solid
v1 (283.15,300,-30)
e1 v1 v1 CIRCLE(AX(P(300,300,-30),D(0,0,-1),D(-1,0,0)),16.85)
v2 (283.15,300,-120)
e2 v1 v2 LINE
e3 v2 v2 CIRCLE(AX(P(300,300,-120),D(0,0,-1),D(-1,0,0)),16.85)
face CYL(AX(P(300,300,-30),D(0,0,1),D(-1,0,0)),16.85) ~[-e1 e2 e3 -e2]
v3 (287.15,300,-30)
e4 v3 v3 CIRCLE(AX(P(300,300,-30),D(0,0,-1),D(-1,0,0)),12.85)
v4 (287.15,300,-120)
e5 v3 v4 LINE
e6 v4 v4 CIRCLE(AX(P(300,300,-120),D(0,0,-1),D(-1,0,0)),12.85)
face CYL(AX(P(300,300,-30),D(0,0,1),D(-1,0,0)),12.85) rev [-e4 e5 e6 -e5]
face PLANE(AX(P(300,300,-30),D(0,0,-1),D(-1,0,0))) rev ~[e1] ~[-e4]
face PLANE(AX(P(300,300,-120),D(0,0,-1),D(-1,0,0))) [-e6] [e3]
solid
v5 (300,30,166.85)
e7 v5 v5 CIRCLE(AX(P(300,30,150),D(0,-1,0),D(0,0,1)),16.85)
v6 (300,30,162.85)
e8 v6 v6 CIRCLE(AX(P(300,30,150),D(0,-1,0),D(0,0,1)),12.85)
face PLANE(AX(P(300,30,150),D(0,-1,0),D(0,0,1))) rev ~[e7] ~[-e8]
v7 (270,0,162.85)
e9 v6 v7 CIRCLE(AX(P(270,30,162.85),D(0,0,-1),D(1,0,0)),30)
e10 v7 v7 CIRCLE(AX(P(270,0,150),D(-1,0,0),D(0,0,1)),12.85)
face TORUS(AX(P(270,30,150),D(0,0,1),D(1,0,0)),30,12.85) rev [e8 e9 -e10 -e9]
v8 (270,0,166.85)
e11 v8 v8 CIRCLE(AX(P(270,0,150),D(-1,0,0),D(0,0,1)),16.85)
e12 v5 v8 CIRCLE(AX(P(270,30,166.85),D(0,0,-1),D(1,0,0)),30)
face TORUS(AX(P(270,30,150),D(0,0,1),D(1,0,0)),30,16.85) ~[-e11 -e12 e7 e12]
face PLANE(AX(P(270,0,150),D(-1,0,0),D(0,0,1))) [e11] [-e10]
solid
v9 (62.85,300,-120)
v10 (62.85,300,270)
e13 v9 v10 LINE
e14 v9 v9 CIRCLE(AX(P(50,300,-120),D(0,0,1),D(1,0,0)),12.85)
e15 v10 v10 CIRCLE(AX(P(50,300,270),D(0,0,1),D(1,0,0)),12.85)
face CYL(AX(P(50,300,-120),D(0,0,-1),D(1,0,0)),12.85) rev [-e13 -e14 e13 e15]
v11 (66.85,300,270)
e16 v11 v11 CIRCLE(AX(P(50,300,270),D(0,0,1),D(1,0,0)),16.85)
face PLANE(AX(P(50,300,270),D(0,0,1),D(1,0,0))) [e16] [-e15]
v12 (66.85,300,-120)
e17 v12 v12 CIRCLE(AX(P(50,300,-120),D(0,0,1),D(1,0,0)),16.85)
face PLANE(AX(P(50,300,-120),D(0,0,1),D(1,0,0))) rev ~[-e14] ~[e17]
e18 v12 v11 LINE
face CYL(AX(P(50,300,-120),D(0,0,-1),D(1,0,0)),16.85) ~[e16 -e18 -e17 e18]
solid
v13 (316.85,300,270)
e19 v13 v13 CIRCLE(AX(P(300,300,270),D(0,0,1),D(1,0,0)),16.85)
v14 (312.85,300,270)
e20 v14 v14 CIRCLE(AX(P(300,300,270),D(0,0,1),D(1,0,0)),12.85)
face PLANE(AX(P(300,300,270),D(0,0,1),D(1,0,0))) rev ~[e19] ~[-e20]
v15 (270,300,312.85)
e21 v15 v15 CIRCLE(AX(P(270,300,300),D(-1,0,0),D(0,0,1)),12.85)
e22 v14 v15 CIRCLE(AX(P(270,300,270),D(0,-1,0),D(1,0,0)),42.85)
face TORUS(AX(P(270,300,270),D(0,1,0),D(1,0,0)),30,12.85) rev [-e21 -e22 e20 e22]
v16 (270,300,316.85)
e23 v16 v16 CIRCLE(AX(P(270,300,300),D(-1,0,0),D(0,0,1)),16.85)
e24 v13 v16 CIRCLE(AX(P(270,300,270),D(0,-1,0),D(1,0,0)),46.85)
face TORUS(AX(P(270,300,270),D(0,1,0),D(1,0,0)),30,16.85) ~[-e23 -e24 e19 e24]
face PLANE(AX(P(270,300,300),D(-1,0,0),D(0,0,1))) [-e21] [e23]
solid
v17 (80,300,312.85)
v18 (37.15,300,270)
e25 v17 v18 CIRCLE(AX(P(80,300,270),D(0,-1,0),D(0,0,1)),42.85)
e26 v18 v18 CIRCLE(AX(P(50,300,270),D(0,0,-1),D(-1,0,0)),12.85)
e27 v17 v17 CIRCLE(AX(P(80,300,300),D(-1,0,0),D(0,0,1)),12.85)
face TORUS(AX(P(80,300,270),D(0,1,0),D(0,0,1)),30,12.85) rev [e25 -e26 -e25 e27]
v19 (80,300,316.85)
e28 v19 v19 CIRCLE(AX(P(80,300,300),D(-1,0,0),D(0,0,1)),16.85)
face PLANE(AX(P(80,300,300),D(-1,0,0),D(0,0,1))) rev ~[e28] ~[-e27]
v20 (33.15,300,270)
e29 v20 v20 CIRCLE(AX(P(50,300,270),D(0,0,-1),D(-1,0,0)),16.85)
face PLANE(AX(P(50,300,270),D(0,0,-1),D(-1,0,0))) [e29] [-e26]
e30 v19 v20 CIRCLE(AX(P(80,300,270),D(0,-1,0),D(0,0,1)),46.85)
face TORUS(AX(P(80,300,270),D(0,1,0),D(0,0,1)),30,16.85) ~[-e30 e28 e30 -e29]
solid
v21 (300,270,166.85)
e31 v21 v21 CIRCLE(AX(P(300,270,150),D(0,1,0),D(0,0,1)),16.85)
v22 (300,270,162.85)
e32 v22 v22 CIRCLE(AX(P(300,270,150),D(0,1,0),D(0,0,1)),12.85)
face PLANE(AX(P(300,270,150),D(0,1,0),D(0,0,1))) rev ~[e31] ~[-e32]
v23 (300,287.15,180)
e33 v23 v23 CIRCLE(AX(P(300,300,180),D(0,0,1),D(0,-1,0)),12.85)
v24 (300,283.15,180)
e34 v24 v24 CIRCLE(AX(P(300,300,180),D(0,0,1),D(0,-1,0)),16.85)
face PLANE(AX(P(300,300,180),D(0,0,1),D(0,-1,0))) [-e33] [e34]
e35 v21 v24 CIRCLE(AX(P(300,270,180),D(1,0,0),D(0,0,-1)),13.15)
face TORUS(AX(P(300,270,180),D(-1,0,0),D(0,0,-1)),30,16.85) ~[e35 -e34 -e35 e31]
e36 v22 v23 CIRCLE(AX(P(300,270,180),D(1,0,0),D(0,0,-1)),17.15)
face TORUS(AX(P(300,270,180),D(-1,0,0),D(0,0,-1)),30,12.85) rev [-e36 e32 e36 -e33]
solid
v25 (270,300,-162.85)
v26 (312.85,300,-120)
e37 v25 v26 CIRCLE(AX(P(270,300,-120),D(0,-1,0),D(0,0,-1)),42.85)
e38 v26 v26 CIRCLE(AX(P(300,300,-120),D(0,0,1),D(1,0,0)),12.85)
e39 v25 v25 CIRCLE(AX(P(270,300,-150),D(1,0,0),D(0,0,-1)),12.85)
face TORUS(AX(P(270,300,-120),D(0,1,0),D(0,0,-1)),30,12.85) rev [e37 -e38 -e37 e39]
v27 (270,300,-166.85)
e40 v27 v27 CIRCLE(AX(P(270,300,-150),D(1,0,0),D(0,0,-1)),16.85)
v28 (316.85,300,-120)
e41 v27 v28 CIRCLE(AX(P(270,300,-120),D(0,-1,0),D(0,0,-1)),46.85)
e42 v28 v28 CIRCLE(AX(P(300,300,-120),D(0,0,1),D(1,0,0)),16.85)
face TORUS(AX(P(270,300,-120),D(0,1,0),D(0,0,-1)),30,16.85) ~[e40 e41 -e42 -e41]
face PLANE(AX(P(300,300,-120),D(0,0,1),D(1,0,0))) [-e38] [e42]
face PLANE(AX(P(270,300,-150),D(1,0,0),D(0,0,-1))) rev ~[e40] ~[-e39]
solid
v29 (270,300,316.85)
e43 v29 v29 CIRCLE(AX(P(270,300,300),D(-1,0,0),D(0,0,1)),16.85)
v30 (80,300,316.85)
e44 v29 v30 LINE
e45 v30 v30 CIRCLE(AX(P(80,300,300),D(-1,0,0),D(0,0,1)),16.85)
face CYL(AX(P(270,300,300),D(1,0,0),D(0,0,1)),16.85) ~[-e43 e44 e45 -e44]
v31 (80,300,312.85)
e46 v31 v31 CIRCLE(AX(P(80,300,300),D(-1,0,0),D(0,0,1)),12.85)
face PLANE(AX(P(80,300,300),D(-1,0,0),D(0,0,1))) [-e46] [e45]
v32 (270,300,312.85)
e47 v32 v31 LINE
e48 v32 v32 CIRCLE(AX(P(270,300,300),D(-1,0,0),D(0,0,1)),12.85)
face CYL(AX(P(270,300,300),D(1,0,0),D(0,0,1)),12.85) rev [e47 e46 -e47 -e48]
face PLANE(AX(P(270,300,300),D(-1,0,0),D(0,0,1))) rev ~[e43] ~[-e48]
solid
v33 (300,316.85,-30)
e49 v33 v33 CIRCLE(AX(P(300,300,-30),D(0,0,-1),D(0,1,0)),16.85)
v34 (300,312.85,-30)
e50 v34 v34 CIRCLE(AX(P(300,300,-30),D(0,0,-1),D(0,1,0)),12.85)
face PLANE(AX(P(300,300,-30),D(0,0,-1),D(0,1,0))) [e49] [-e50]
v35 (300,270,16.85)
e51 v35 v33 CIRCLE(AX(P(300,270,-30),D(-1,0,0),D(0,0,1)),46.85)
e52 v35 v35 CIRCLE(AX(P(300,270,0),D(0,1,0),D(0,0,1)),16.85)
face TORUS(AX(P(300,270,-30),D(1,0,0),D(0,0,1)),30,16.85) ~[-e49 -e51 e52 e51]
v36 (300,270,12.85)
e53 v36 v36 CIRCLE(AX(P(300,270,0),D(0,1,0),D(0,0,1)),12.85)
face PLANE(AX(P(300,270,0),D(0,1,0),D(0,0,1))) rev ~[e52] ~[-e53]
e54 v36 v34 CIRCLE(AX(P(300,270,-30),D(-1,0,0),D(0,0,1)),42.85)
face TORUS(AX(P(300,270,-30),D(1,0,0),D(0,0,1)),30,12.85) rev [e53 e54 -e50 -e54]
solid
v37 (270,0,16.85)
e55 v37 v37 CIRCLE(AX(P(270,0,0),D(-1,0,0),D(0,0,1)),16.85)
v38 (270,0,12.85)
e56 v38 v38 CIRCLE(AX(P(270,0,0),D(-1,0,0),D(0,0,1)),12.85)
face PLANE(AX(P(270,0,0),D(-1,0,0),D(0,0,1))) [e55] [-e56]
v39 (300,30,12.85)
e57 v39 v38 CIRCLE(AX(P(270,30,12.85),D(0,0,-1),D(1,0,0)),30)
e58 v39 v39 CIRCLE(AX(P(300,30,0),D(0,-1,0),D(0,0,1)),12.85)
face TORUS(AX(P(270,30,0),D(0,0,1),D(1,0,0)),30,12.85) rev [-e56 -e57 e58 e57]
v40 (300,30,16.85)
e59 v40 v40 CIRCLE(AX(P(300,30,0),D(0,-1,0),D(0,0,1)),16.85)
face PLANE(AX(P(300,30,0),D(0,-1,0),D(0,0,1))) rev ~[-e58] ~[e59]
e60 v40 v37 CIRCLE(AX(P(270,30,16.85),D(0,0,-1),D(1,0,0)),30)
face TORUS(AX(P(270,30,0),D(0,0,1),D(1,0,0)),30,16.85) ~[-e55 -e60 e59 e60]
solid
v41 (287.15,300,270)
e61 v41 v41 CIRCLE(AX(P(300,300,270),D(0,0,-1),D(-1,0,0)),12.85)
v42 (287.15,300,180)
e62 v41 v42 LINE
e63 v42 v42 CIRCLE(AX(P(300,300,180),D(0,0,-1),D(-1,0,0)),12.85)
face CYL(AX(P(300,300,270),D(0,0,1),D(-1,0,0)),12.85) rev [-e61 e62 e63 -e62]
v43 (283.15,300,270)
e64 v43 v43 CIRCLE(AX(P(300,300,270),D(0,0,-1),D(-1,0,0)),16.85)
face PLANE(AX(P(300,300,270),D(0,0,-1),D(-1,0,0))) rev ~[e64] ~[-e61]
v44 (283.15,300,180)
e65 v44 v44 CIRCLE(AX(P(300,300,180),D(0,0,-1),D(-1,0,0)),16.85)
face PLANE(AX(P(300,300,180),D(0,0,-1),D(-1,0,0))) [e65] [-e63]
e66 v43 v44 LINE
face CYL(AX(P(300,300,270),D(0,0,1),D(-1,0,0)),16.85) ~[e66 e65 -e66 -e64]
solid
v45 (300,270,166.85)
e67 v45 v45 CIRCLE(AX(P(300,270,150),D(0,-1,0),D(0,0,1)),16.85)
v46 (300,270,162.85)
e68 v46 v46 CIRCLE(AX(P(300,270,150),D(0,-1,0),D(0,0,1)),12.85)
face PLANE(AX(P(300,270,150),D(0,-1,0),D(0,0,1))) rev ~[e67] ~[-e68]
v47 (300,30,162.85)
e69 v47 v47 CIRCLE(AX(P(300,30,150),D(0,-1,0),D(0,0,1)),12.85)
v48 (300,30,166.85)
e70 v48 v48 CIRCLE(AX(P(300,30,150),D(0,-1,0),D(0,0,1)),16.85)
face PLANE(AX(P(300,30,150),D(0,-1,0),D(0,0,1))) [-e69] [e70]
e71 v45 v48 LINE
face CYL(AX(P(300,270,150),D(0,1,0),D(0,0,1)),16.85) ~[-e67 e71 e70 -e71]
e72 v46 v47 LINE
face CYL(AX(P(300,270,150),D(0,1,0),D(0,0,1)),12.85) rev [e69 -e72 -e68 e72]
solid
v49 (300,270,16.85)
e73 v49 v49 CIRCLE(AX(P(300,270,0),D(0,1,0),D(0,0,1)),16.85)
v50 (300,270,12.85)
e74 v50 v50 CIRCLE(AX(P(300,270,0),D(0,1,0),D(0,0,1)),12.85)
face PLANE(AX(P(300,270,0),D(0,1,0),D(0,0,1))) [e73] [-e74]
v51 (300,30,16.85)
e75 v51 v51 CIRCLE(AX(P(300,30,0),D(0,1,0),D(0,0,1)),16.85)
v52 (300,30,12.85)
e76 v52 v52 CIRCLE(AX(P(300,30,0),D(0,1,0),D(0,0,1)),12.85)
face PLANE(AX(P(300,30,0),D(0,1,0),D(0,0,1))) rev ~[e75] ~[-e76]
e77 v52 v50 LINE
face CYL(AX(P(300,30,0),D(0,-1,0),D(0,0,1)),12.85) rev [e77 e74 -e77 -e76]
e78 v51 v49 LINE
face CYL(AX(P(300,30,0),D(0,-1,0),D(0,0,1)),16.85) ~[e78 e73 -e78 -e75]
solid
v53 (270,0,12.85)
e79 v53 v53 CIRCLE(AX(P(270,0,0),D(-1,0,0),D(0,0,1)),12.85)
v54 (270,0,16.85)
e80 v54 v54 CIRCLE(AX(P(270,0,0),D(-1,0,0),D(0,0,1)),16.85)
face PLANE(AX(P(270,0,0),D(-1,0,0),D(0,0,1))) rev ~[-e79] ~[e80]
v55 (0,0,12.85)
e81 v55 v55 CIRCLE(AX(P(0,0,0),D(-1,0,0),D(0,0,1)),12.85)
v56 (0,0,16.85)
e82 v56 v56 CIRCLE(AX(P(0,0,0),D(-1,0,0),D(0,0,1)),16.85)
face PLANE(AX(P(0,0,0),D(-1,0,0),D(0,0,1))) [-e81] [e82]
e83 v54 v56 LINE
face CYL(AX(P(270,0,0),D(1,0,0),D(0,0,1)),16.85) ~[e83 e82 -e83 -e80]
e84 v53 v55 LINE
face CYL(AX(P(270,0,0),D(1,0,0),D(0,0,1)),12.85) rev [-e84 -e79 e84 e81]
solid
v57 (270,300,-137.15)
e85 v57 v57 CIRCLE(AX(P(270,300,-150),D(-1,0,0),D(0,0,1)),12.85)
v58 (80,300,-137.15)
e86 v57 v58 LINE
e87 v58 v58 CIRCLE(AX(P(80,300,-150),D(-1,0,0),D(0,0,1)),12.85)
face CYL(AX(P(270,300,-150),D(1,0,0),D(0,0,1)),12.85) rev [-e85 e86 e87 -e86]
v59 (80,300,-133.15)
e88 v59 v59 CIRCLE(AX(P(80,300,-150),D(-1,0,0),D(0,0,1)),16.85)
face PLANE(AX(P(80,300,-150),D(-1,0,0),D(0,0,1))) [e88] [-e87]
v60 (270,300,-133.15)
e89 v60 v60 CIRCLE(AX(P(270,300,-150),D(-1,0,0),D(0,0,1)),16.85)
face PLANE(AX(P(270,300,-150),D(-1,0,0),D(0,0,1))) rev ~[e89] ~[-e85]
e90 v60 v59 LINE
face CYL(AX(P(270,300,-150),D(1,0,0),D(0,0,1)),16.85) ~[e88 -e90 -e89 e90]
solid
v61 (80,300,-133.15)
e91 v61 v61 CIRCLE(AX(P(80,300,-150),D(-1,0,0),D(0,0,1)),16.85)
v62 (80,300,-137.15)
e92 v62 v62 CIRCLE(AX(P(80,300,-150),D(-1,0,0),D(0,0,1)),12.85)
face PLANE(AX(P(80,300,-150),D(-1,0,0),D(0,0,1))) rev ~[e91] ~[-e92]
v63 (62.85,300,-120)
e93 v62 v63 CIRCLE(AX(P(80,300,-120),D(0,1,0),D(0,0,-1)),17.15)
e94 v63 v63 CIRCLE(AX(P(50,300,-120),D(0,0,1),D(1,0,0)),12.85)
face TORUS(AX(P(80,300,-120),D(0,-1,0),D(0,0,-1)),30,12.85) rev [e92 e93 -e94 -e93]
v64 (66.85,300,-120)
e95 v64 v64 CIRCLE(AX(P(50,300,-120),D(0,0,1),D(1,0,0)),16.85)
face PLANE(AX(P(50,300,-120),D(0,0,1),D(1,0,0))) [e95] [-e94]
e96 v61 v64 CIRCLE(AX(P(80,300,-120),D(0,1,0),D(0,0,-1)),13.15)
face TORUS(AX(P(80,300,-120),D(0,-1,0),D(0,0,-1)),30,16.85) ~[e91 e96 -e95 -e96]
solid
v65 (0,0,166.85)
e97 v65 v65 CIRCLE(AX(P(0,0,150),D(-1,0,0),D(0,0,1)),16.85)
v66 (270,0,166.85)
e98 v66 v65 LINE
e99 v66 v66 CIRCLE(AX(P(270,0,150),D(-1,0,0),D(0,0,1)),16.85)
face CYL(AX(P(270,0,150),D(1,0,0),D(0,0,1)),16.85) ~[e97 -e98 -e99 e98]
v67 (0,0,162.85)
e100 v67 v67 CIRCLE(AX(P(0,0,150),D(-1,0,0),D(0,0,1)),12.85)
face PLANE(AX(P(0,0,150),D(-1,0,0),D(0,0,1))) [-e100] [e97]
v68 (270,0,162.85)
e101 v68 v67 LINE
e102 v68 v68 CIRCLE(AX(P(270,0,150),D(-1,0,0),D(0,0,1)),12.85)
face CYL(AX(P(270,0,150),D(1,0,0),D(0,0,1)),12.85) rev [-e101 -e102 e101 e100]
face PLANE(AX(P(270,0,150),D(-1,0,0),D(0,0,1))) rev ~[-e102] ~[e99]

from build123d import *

# Parameters (mm, degrees)
SKETCH1_ON_SEGMENT_1_R     = 16.85
SKETCH1_ON_SEGMENT_1_R_2   = 12.85
PIPE_33_7_X_4_0_1_DEPTH    = 270
SKETCH1_ON_SEGMENT_2_R     = 16.85
SKETCH1_ON_SEGMENT_2_R_2   = 12.85
PIPE_33_7_X_4_0_1_2_ANGLE  = 90
SKETCH1_ON_SEGMENT_3_R     = 16.85
SKETCH1_ON_SEGMENT_3_R_2   = 12.85
PIPE_33_7_X_4_0_1_3_DEPTH  = 240
SKETCH1_ON_SEGMENT_4_R     = 16.85
SKETCH1_ON_SEGMENT_4_R_2   = 12.85
PIPE_33_7_X_4_0_1_4_ANGLE  = 90
SKETCH1_ON_SEGMENT_5_R     = 16.85
SKETCH1_ON_SEGMENT_5_R_2   = 12.85
PIPE_33_7_X_4_0_1_5_DEPTH  = 90
SKETCH1_ON_SEGMENT_6_R     = 16.85
SKETCH1_ON_SEGMENT_6_R_2   = 12.85
PIPE_33_7_X_4_0_1_6_ANGLE  = 90
SKETCH1_ON_SEGMENT_7_R     = 16.85
SKETCH1_ON_SEGMENT_7_R_2   = 12.85
PIPE_33_7_X_4_0_1_7_DEPTH  = 190
SKETCH1_ON_SEGMENT_8_R     = 16.85
SKETCH1_ON_SEGMENT_8_R_2   = 12.85
PIPE_33_7_X_4_0_1_8_ANGLE  = 90
SKETCH1_ON_SEGMENT_9_R     = 16.85
SKETCH1_ON_SEGMENT_9_R_2   = 12.85
PIPE_33_7_X_4_0_1_9_DEPTH  = 390
SKETCH1_ON_SEGMENT_10_R    = 16.85
SKETCH1_ON_SEGMENT_10_R_2  = 12.85
PIPE_33_7_X_4_0_1_10_ANGLE = 90
SKETCH1_ON_SEGMENT_11_R    = 16.85
SKETCH1_ON_SEGMENT_11_R_2  = 12.85
PIPE_33_7_X_4_0_1_11_DEPTH = 190
SKETCH1_ON_SEGMENT_12_R    = 16.85
SKETCH1_ON_SEGMENT_12_R_2  = 12.85
PIPE_33_7_X_4_0_1_12_ANGLE = 90
SKETCH1_ON_SEGMENT_13_R    = 16.85
SKETCH1_ON_SEGMENT_13_R_2  = 12.85
PIPE_33_7_X_4_0_1_13_DEPTH = 90
SKETCH1_ON_SEGMENT_14_R    = 16.85
SKETCH1_ON_SEGMENT_14_R_2  = 12.85
PIPE_33_7_X_4_0_1_14_ANGLE = 90
SKETCH1_ON_SEGMENT_15_R    = 16.85
SKETCH1_ON_SEGMENT_15_R_2  = 12.85
PIPE_33_7_X_4_0_1_15_DEPTH = 240
SKETCH1_ON_SEGMENT_16_R    = 16.85
SKETCH1_ON_SEGMENT_16_R_2  = 12.85
PIPE_33_7_X_4_0_1_16_ANGLE = 90
SKETCH1_R                  = 16.85
SKETCH1_R_2                = 12.85
PIPE_33_7_X_4_0_1_17_DEPTH = 270


with BuildPart() as part:
    # Sketch1 on segment 1 (carried to segment 1) → Pipe 33.7 X 4.0(1) (new body)
    with BuildSketch(Plane.ZY.offset(-270)):
        Circle(SKETCH1_ON_SEGMENT_1_R)
        Circle(SKETCH1_ON_SEGMENT_1_R_2, mode=Mode.SUBTRACT)
    extrude(amount=PIPE_33_7_X_4_0_1_DEPTH)


with BuildPart() as body_2:
    # Sketch1 on segment 2 (carried to the start of arc 2) → Pipe 33.7 X 4.0_1 2 (revolve)
    with BuildSketch(Plane(origin=(300, 30, 0), x_dir=(0, 0, 1), z_dir=(0, -1, 0))):
        Circle(SKETCH1_ON_SEGMENT_2_R)
        Circle(SKETCH1_ON_SEGMENT_2_R_2, mode=Mode.SUBTRACT)
    revolve(axis=Axis((270, 30, 0), (0, 0, -1)), revolution_arc=PIPE_33_7_X_4_0_1_2_ANGLE)


with BuildPart() as body_3:
    # Sketch1 on segment 3 (carried to segment 3) → Pipe 33.7 X 4.0_1 3 (new body)
    with BuildSketch(Plane(origin=(300, 30, 0), x_dir=(0, 0, 1), z_dir=(0, 1, 0))):
        Circle(SKETCH1_ON_SEGMENT_3_R)
        Circle(SKETCH1_ON_SEGMENT_3_R_2, mode=Mode.SUBTRACT)
    extrude(amount=PIPE_33_7_X_4_0_1_3_DEPTH)


with BuildPart() as body_4:
    # Sketch1 on segment 4 (carried to the start of arc 4) → Pipe 33.7 X 4.0_1 4 (revolve)
    with BuildSketch(Plane(origin=(300, 270, 0), x_dir=(0, 0, 1), z_dir=(0, 1, 0))):
        Circle(SKETCH1_ON_SEGMENT_4_R)
        Circle(SKETCH1_ON_SEGMENT_4_R_2, mode=Mode.SUBTRACT)
    revolve(axis=Axis((300, 270, -30), (-1, 0, 0)), revolution_arc=PIPE_33_7_X_4_0_1_4_ANGLE)


with BuildPart() as body_5:
    # Sketch1 on segment 5 (carried to segment 5) → Pipe 33.7 X 4.0_1 5 (new body)
    with BuildSketch(Plane(origin=(300, 300, -30), x_dir=(-1, 0, 0), z_dir=(0, 0, -1))):
        Circle(SKETCH1_ON_SEGMENT_5_R)
        Circle(SKETCH1_ON_SEGMENT_5_R_2, mode=Mode.SUBTRACT)
    extrude(amount=PIPE_33_7_X_4_0_1_5_DEPTH)


with BuildPart() as body_6:
    # Sketch1 on segment 6 (carried to the start of arc 6) → Pipe 33.7 X 4.0_1 6 (revolve)
    with BuildSketch(Plane(origin=(270, 300, -150), x_dir=(0, 0, -1), z_dir=(1, 0, 0))):
        Circle(SKETCH1_ON_SEGMENT_6_R)
        Circle(SKETCH1_ON_SEGMENT_6_R_2, mode=Mode.SUBTRACT)
    revolve(axis=Axis((270, 300, -120), (0, -1, 0)), revolution_arc=PIPE_33_7_X_4_0_1_6_ANGLE)


with BuildPart() as body_7:
    # Sketch1 on segment 7 (carried to segment 7) → Pipe 33.7 X 4.0_1 7 (new body)
    with BuildSketch(Plane(origin=(270, 300, -150), x_dir=(0, 0, 1), z_dir=(-1, 0, 0))):
        Circle(SKETCH1_ON_SEGMENT_7_R)
        Circle(SKETCH1_ON_SEGMENT_7_R_2, mode=Mode.SUBTRACT)
    extrude(amount=PIPE_33_7_X_4_0_1_7_DEPTH)


with BuildPart() as body_8:
    # Sketch1 on segment 8 (carried to the start of arc 8) → Pipe 33.7 X 4.0_1 8 (revolve)
    with BuildSketch(Plane(origin=(80, 300, -150), x_dir=(0, 0, 1), z_dir=(-1, 0, 0))):
        Circle(SKETCH1_ON_SEGMENT_8_R)
        Circle(SKETCH1_ON_SEGMENT_8_R_2, mode=Mode.SUBTRACT)
    revolve(axis=Axis((80, 300, -120), (0, 1, 0)), revolution_arc=PIPE_33_7_X_4_0_1_8_ANGLE)


with BuildPart() as body_9:
    # Sketch1 on segment 9 (carried to segment 9) → Pipe 33.7 X 4.0_1 9 (new body)
    with BuildSketch(Plane(origin=(50, 300, -120), x_dir=(1, 0, 0), z_dir=(0, 0, 1))):
        Circle(SKETCH1_ON_SEGMENT_9_R)
        Circle(SKETCH1_ON_SEGMENT_9_R_2, mode=Mode.SUBTRACT)
    extrude(amount=PIPE_33_7_X_4_0_1_9_DEPTH)


with BuildPart() as body_10:
    # Sketch1 on segment 10 (carried to the start of arc 10) → Pipe 33.7 X 4.0_1 10 (revolve)
    with BuildSketch(Plane(origin=(80, 300, 300), x_dir=(0, 0, 1), z_dir=(-1, 0, 0))):
        Circle(SKETCH1_ON_SEGMENT_10_R)
        Circle(SKETCH1_ON_SEGMENT_10_R_2, mode=Mode.SUBTRACT)
    revolve(axis=Axis((80, 300, 270), (0, -1, 0)), revolution_arc=PIPE_33_7_X_4_0_1_10_ANGLE)


with BuildPart() as body_11:
    # Sketch1 on segment 11 (carried to segment 11) → Pipe 33.7 X 4.0_1 11 (new body)
    with BuildSketch(Plane(origin=(270, 300, 300), x_dir=(0, 0, 1), z_dir=(-1, 0, 0))):
        Circle(SKETCH1_ON_SEGMENT_11_R)
        Circle(SKETCH1_ON_SEGMENT_11_R_2, mode=Mode.SUBTRACT)
    extrude(amount=PIPE_33_7_X_4_0_1_11_DEPTH)


with BuildPart() as body_12:
    # Sketch1 on segment 12 (carried to the start of arc 12) → Pipe 33.7 X 4.0_1 12 (revolve)
    with BuildSketch(Plane(origin=(300, 300, 270), x_dir=(1, 0, 0), z_dir=(0, 0, 1))):
        Circle(SKETCH1_ON_SEGMENT_12_R)
        Circle(SKETCH1_ON_SEGMENT_12_R_2, mode=Mode.SUBTRACT)
    revolve(axis=Axis((270, 300, 270), (0, -1, 0)), revolution_arc=PIPE_33_7_X_4_0_1_12_ANGLE)


with BuildPart() as body_13:
    # Sketch1 on segment 13 (carried to segment 13) → Pipe 33.7 X 4.0_1 13 (new body)
    with BuildSketch(Plane(origin=(300, 300, 270), x_dir=(-1, 0, 0), z_dir=(0, 0, -1))):
        Circle(SKETCH1_ON_SEGMENT_13_R)
        Circle(SKETCH1_ON_SEGMENT_13_R_2, mode=Mode.SUBTRACT)
    extrude(amount=PIPE_33_7_X_4_0_1_13_DEPTH)


with BuildPart() as body_14:
    # Sketch1 on segment 14 (carried to the start of arc 14) → Pipe 33.7 X 4.0_1 14 (revolve)
    with BuildSketch(Plane(origin=(300, 270, 150), x_dir=(0, 0, 1), z_dir=(0, 1, 0))):
        Circle(SKETCH1_ON_SEGMENT_14_R)
        Circle(SKETCH1_ON_SEGMENT_14_R_2, mode=Mode.SUBTRACT)
    revolve(axis=Axis((300, 270, 180), (1, 0, 0)), revolution_arc=PIPE_33_7_X_4_0_1_14_ANGLE)


with BuildPart() as body_15:
    # Sketch1 on segment 15 (carried to segment 15) → Pipe 33.7 X 4.0_1 15 (new body)
    with BuildSketch(Plane(origin=(300, 270, 150), x_dir=(0, 0, 1), z_dir=(0, -1, 0))):
        Circle(SKETCH1_ON_SEGMENT_15_R)
        Circle(SKETCH1_ON_SEGMENT_15_R_2, mode=Mode.SUBTRACT)
    extrude(amount=PIPE_33_7_X_4_0_1_15_DEPTH)


with BuildPart() as body_16:
    # Sketch1 on segment 16 (carried to the start of arc 16) → Pipe 33.7 X 4.0_1 16 (revolve)
    with BuildSketch(Plane(origin=(300, 30, 150), x_dir=(0, 0, 1), z_dir=(0, -1, 0))):
        Circle(SKETCH1_ON_SEGMENT_16_R)
        Circle(SKETCH1_ON_SEGMENT_16_R_2, mode=Mode.SUBTRACT)
    revolve(axis=Axis((270, 30, 150), (0, 0, -1)), revolution_arc=PIPE_33_7_X_4_0_1_16_ANGLE)


with BuildPart() as body_17:
    # Sketch1 → Pipe 33.7 X 4.0_1 17 (new body)
    with BuildSketch(Plane(origin=(270, 0, 150), x_dir=(0, 0, 1), z_dir=(-1, 0, 0))):
        Circle(SKETCH1_R)
        Circle(SKETCH1_R_2, mode=Mode.SUBTRACT)
    extrude(amount=PIPE_33_7_X_4_0_1_17_DEPTH)


solid = Compound([part.part, body_2.part, body_3.part, body_4.part, body_5.part, body_6.part, body_7.part, body_8.part, body_9.part, body_10.part, body_11.part, body_12.part, body_13.part, body_14.part, body_15.part, body_16.part, body_17.part])
